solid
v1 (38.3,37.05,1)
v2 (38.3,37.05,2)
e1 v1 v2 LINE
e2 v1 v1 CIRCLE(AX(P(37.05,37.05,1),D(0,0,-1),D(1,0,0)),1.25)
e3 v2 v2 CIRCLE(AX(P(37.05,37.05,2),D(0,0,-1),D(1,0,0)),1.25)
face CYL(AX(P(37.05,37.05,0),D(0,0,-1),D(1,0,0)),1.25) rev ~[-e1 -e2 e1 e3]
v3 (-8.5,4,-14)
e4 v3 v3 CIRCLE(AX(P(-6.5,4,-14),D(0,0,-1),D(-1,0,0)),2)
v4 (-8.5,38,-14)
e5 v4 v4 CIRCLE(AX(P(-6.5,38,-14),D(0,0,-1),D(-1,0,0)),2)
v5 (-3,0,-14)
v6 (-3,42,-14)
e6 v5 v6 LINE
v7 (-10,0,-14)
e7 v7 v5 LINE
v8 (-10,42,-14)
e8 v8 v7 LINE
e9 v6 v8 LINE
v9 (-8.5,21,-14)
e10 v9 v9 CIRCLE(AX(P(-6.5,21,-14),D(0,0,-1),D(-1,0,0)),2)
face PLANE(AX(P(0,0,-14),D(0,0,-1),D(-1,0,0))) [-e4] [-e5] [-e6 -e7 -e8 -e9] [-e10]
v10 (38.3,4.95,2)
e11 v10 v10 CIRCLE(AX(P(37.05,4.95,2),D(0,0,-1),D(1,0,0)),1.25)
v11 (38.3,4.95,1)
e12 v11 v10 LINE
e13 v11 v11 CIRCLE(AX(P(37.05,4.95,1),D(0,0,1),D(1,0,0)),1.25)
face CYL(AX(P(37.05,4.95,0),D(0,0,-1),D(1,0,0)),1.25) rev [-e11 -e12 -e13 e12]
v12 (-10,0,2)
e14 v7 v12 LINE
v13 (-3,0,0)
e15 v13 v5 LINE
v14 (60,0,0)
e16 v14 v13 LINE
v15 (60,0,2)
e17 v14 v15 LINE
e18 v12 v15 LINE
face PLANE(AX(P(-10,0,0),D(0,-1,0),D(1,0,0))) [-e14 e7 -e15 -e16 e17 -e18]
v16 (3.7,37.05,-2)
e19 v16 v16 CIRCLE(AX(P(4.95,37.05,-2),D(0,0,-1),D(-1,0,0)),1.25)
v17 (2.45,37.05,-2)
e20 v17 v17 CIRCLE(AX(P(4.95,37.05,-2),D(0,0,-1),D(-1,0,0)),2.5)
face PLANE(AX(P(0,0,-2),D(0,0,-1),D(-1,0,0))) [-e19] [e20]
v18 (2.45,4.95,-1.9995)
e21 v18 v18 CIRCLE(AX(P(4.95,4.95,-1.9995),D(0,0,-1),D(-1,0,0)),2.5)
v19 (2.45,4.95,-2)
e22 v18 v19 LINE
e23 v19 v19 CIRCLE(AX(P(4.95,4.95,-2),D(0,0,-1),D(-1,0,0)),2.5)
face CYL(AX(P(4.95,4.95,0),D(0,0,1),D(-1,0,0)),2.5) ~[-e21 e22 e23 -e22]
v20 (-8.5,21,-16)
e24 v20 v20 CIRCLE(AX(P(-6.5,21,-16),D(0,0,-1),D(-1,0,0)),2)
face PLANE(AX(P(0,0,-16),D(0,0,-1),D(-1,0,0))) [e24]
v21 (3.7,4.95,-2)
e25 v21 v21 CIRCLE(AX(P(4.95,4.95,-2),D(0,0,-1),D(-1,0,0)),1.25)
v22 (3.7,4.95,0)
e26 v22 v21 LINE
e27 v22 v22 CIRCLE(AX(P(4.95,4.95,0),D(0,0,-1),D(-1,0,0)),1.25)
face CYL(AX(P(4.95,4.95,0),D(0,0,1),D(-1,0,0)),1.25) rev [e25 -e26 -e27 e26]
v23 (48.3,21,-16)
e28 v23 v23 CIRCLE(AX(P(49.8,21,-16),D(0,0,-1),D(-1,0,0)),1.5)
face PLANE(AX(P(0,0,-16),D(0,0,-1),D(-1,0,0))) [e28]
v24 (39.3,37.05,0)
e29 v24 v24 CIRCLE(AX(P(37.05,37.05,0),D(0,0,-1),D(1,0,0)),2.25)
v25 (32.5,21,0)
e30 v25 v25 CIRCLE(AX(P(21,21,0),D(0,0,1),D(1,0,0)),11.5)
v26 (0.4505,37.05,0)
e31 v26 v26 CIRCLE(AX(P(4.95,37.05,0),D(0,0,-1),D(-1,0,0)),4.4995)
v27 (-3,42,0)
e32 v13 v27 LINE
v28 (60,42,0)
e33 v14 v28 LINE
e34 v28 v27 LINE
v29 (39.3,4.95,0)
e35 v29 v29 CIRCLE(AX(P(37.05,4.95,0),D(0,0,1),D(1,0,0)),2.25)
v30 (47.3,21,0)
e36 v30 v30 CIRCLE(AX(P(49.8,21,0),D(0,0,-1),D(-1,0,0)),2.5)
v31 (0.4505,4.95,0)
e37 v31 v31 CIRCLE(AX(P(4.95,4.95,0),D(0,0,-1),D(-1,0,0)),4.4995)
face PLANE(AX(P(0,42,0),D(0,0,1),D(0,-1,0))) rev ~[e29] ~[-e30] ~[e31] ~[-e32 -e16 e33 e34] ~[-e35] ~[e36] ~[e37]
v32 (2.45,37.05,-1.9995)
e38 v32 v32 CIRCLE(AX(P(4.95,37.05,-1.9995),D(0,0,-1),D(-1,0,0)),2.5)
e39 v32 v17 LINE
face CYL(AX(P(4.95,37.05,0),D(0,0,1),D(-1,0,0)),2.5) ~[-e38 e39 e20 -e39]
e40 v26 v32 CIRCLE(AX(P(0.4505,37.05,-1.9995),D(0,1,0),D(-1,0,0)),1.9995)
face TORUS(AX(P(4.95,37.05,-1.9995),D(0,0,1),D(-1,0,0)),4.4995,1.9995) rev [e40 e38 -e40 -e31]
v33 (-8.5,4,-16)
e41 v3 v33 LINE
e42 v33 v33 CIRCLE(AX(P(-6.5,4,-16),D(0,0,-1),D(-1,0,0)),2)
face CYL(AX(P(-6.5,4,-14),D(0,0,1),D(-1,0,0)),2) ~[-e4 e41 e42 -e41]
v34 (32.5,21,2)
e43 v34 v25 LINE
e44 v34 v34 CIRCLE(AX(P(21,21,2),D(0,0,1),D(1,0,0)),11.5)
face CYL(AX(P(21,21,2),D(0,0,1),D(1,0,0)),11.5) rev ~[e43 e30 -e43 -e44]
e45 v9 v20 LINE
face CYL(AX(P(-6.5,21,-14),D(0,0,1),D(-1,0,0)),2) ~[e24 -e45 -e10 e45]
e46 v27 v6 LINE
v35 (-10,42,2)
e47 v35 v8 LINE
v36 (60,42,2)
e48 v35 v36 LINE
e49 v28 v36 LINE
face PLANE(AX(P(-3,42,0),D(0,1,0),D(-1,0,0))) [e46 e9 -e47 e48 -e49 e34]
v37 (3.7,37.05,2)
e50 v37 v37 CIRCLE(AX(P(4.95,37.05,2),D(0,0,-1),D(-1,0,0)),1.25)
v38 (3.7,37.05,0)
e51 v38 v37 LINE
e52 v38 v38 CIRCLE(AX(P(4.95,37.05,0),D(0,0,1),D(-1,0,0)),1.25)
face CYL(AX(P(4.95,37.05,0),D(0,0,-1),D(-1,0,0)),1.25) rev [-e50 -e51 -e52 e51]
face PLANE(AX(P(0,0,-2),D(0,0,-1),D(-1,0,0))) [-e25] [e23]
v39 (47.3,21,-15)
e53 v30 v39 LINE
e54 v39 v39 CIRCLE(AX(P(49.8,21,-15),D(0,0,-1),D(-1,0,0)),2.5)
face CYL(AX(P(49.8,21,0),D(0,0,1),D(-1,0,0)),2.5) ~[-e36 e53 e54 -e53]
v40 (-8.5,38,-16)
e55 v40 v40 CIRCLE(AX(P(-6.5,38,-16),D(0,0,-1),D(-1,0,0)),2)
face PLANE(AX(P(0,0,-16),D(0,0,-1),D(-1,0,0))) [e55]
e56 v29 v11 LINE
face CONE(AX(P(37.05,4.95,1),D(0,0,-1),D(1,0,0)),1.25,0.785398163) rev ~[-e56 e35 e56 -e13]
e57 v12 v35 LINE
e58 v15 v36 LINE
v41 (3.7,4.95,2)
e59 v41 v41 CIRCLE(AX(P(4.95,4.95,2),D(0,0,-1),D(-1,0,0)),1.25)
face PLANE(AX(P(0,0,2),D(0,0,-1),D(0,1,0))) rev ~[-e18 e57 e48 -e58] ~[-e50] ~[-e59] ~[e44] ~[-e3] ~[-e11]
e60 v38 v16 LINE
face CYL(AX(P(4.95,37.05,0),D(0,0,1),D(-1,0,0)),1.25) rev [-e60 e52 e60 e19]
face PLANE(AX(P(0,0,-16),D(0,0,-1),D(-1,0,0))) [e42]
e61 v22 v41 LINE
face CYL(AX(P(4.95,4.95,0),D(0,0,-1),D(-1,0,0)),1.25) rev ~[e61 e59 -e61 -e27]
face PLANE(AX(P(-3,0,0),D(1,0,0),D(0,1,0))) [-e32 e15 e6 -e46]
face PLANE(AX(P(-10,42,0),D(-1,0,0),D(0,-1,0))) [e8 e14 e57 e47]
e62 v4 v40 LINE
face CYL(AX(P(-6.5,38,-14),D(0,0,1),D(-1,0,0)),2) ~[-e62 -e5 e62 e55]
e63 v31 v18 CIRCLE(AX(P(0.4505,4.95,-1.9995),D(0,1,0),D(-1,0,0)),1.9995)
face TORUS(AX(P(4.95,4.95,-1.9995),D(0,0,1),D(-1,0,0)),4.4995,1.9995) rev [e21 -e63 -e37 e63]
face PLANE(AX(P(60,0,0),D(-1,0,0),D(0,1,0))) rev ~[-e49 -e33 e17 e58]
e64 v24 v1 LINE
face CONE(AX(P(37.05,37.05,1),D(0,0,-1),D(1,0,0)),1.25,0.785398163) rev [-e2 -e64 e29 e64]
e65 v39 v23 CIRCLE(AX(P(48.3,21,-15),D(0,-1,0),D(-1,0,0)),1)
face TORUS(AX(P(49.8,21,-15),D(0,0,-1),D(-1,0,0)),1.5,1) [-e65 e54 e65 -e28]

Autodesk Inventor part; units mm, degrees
ref_plane "YZ Plane" through (0, 0, 0) normal (1, 0, 0) x (0, 1, 0)
sketch "Sketch1" plane through (0, 0, 0) normal (0, 0, 1) x (1, 0, 0)
  line L0 (0, 0) -> (60, 0)
  line L1 (60, 0) -> (60, 42)
  line L2 (60, 42) -> (0, 42)
  line L3 (0, 42) -> (0, 0)
  line L4 (0, 42) -> (0, 0)
  dimension "d0" = 60
  dimension "d1" = 42
extrude "Extrusion1" add sketch "Sketch1" along normal blind 2
sketch "Sketch2" plane through (0, 0, 2) normal (0, 0, 1) x (1, 0, 0)
  circle A0 centre (21, 21) radius 11.5
  line L0 (0, 42) -> (0, 0) projected
  line L1 (60, 42) -> (0, 42) projected
  dimension "d6" = 23
  dimension "d7" = 21
  dimension "d8" = 21
extrude "Extrusion2" cut sketch "Sketch2" against normal blind 2
sketch "Sketch3" plane through (0, 0, 0) normal (0, 0, -1) x (-1, 0, 0)
  circle A0 centre (-4.95, 4.95) radius 1.25
  line L0 (0, 0) -> (-60, 0) projected
  line L1 (0, 42) -> (0, 0) projected
  dimension "d12" = 3.7
  dimension "d13" = 2.5
  dimension "d14" = 3.7
ref_plane "Work Plane2" through (0, 21, 0) normal (0, -1, 0) x (1, 0, 0)
extrude "Extrusion3" cut sketch "Sketch3" against normal through all
mirror "Mirror1" about plane through (0, 21, 0) normal (0, -1, 0) of "Extrusion3"
ref_plane "Work Plane4" through (21, 0, 0) normal (-1, 0, 0) x (0, 0, 1)
mirror "Mirror2" about plane through (21, 0, 0) normal (-1, 0, 0) of "Extrusion3", "Mirror1"
sketch "Sketch4" plane through (0, 0, 0) normal (0, 0, -1) x (-1, 0, 0)
  circle A0 centre (-21, 21) radius 11.5 projected
  circle A1 centre (-49.8, 21) radius 2.5
  point P0 (0, 0)
  dimension "d20" = 5
  dimension "d21" = 28.8
extrude "Extrusion4" add sketch "Sketch4" along normal blind 16 contours A1
fillet "Fillet2" radius 1 1 edges at (52.3, 21, -16)
sketch "Sketch5" plane through (0, 0, 0) normal (-1, 0, 0) x (0, 0, 1)
  line L0 (0, 42) -> (0, 0) projected
  line L1 (0, 42) -> (2, 42) projected
  line L2 (0, 0) -> (2, 0)
  line L3 (2, 0) -> (2, 42)
  line L4 (2, 42) -> (0, 42)
  line L5 (0, 42) -> (0, 0)
extrude "Extrusion5" add sketch "Sketch5" along normal blind 10
sketch "Sketch6" plane through (0, 0, 0) normal (0, 0, -1) x (-1, 0, 0)
  line L0 (10, 42) -> (10, 0) projected
  line L1 (-60, 42) -> (10, 42) projected
  line L2 (10, 0) -> (3, 0)
  line L3 (3, 0) -> (3, 42)
  line L4 (3, 42) -> (10, 42)
  line L5 (10, 42) -> (10, 0)
  point P0 (0, 0)
  dimension "d32" = 7
extrude "Extrusion6" add sketch "Sketch6" along normal blind 14
sketch "Sketch7" plane through (0, 0, -14) normal (0, 0, -1) x (-1, 0, 0)
  circle A0 centre (6.5, 4) radius 2
  line L0 (3, 42) -> (3, 0) projected
  line L1 (3, 0) -> (10, 0) projected
  circle A1 centre (6.5, 21) radius 2
  circle A2 centre (6.5, 38) radius 2
  point P0 (0, 0)
  dimension "d35" = 4
  dimension "d36" = 3.5
  dimension "d37" = 4
  dimension "d40" = 17
extrude "Extrusion7" add sketch "Sketch7" along normal blind 2
chamfer "Chamfer2" distance 1 angle 45 2 edges at (35.8, 4.95, 0) (35.8, 37.05, 0)
sketch "Sketch9" plane through (0, 0, 0) normal (0, 0, -1) x (-1, 0, 0)
  circle A0 centre (-4.95, 4.95) radius 1.25 projected
  circle A1 centre (-4.95, 37.05) radius 1.25 projected
  circle A2 centre (-4.95, 4.95) radius 2.5
  circle A3 centre (-4.95, 37.05) radius 2.5
  point P0 (0, 0)
  dimension "d50" = 5
  dimension "d51" = 5
extrude "Extrusion8" add sketch "Sketch9" along normal blind 2
fillet "Fillet3" radius 2 2 edges at (7.45, 4.95, 0) (7.45, 37.05, 0)
properties part number "MotorKuggHolder"
